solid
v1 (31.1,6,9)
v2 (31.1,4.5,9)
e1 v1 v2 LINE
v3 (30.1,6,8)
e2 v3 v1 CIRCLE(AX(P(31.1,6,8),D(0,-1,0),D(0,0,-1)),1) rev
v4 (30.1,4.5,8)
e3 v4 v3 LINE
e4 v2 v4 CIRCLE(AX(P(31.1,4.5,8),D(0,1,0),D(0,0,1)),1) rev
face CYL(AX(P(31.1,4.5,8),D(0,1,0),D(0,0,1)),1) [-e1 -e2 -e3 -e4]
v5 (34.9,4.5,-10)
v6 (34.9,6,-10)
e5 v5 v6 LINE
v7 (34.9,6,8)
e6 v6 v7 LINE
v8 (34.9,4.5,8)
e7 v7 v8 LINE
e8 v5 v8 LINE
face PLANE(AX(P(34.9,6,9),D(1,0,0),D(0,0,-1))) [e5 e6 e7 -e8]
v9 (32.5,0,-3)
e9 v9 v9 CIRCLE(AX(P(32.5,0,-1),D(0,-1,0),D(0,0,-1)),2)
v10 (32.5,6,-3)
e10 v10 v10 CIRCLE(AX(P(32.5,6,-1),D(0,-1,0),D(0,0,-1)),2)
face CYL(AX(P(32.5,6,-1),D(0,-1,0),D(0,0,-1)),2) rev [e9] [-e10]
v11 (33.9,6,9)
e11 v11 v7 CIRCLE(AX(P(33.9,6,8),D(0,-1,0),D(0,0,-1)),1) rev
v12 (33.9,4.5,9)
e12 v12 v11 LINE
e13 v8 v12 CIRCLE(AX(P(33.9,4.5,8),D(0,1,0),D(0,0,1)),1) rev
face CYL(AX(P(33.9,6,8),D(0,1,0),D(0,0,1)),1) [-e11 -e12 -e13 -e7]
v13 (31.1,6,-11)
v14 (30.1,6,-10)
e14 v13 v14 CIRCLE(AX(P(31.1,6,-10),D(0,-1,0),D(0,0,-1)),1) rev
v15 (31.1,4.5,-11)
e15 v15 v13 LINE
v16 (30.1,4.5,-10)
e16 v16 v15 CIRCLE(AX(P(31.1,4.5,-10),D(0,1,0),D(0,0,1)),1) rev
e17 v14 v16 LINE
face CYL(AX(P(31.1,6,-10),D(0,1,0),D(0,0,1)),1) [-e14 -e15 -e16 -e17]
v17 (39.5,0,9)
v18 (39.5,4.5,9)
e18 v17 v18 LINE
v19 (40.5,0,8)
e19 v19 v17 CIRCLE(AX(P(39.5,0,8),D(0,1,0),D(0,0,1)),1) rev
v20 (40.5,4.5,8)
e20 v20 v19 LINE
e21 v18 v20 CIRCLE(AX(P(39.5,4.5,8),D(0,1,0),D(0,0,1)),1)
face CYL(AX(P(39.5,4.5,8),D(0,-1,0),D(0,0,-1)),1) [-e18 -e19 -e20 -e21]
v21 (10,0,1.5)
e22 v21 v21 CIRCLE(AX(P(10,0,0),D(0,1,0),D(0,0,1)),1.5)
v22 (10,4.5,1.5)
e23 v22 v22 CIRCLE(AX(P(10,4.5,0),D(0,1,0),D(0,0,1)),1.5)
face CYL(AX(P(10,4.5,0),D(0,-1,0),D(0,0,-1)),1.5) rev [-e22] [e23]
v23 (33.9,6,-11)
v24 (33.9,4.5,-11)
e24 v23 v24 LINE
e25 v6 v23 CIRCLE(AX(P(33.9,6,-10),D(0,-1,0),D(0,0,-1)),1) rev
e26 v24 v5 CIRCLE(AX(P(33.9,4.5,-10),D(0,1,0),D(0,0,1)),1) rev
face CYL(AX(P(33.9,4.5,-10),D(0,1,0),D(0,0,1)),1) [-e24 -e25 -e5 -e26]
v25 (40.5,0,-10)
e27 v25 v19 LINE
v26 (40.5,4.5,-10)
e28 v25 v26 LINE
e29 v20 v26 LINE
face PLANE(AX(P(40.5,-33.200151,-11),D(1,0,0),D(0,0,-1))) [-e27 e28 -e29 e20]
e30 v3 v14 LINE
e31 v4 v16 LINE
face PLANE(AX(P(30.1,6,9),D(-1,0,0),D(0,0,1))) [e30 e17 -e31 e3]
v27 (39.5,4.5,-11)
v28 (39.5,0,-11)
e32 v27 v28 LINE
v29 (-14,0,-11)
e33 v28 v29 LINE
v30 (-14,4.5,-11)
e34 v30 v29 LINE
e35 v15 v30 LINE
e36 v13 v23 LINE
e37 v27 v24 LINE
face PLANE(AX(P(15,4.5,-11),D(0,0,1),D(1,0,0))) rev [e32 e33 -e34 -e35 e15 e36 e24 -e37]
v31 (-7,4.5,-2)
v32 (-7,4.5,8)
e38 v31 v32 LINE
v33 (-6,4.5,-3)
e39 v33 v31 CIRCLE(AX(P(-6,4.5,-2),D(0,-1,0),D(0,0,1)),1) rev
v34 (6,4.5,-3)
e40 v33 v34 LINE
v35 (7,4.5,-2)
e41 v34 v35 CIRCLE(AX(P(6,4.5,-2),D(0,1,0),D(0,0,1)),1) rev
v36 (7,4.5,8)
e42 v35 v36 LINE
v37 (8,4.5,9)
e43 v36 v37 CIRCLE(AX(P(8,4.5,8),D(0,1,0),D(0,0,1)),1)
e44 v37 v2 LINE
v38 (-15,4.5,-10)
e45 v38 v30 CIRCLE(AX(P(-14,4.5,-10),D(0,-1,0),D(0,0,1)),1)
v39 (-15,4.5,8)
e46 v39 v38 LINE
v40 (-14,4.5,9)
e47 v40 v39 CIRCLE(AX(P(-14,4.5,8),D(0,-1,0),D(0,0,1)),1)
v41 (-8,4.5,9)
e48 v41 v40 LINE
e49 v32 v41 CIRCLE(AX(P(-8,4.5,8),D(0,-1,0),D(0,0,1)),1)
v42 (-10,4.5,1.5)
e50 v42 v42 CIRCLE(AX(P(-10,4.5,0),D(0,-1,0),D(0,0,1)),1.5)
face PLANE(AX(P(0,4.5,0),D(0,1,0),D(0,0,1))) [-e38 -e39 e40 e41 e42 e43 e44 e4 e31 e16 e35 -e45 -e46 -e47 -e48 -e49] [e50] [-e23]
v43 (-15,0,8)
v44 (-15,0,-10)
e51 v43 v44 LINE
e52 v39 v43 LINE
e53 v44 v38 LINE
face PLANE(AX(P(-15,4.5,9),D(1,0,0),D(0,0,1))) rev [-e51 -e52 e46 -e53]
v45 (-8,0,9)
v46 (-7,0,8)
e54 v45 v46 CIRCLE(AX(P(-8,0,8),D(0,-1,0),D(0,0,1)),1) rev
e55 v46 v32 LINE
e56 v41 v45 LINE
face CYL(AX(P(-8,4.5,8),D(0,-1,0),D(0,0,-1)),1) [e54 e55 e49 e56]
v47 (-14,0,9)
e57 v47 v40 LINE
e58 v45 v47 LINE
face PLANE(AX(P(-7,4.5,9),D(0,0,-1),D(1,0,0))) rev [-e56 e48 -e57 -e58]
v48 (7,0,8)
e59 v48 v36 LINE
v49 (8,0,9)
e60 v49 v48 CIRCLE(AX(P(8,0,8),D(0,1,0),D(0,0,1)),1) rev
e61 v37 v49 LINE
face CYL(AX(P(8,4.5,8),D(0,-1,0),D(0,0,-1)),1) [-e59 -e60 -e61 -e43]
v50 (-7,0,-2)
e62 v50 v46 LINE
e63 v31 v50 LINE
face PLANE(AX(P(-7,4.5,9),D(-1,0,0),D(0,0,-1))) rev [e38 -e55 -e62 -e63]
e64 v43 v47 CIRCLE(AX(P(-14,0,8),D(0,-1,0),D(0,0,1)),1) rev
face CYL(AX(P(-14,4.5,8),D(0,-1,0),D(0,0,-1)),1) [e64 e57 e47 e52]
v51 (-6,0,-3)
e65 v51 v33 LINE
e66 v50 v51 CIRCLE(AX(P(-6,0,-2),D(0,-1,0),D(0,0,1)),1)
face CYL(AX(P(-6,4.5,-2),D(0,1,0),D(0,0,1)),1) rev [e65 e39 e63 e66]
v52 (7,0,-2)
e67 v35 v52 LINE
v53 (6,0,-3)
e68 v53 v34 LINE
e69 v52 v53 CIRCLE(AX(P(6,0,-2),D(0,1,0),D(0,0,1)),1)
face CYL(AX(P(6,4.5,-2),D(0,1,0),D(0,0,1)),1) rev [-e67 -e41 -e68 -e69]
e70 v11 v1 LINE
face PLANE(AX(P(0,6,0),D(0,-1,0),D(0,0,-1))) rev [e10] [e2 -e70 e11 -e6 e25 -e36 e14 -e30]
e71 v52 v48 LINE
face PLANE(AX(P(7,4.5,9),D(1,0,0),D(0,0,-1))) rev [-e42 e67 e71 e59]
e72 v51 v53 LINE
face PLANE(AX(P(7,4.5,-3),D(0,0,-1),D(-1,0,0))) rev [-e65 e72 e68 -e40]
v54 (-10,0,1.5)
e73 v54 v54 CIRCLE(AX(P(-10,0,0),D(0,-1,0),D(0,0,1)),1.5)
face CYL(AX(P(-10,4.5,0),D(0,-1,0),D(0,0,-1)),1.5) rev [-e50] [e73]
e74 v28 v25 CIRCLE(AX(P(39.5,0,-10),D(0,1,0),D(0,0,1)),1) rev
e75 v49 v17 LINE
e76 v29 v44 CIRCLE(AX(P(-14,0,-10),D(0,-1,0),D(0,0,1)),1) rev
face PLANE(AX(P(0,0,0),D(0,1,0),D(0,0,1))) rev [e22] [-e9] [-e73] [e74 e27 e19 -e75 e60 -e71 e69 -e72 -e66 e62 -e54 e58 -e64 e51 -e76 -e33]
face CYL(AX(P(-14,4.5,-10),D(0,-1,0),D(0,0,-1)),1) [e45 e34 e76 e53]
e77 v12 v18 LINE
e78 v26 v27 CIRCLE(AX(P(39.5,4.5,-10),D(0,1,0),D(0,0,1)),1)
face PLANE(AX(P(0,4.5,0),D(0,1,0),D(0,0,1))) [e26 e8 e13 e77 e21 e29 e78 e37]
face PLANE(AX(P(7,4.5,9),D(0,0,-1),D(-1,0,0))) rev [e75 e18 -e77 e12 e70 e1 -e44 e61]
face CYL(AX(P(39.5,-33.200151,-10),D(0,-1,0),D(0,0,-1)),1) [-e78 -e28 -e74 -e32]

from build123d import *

# Parameters (mm, degrees)
ESQUISSE1_R             = 1.5
BOSS_EXTRU_1_DEPTH      = 4.5
CONG_1_R                = 1
ESQUISSE2_W             = 26.5
ESQUISSE2_H             = 20
BOSS_EXTRU_2_DEPTH      = 4.5
ESQUISSE3_W             = 4.8
ESQUISSE3_H             = 20
ESQUISSE3_R             = 2
BOSS_EXTRU_3_DEPTH      = 1.5
ESQUISSE4_R             = 2
ENL_V_MAT_EXTRU_1_DEPTH = 43.207819181
CONG_2_R                = 1


with BuildPart() as part:
    # Esquisse1 → Boss.-Extru.1 (new body)
    with BuildSketch(Plane(origin=(0, 0, 0), x_dir=(1, 0, 0), z_dir=(0, 1, 0))):
        Polygon((7, -9), (15, -9), (15, 11), (0, 11), (0, 3), (7, 3), align=None)
        with Locations(Location((10, 0, 0), (0, 0, 270))):
            Circle(ESQUISSE1_R, mode=Mode.SUBTRACT)
    extrude(amount=BOSS_EXTRU_1_DEPTH)

    # Congé1
    cong_1_edges = [part.edges().sort_by_distance(p)[0] for p in [
        (7, 2.25, -3),
        (15, 2.25, -11),
        (15, 2.25, 9),
        (7, 2.25, 9),
    ]]
    fillet(cong_1_edges, radius=CONG_1_R)

    # Symétrie1: part across plane


with BuildPart() as part_1:
    add(part.part)
    add(part.part.mirror(Plane(origin=(0, 4.5, -11), x_dir=(0, 0, 1), z_dir=(1, 0, 0))))

    # Esquisse2 → Boss.-Extru.2 (add)
    with BuildSketch(Plane(origin=(0, 4.5, 0), x_dir=(1, 0, 0), z_dir=(0, 1, 0))):
        with Locations((27.25, 1)):
            Rectangle(ESQUISSE2_W, ESQUISSE2_H)
    extrude(amount=-BOSS_EXTRU_2_DEPTH)

    # Esquisse3 → Boss.-Extru.3 (add)
    with BuildSketch(Plane.XZ.offset(-4.5)):
        with Locations((32.5, -1)):
            Rectangle(ESQUISSE3_W, ESQUISSE3_H)
        with Locations(Location((32.5, -1, 0), (0, 0, 270))):
            Circle(ESQUISSE3_R, mode=Mode.SUBTRACT)
    extrude(amount=-BOSS_EXTRU_3_DEPTH)

    # Esquisse4 → Enlèv. mat.-Extru.1 (cut, through all)
    with BuildSketch(Plane.XZ.offset(-4.5)):
        with Locations(Location((32.5, -1, 0), (0, 0, 270))):
            Circle(ESQUISSE4_R)
    extrude(amount=ENL_V_MAT_EXTRU_1_DEPTH, mode=Mode.SUBTRACT)

    # Congé2
    cong_2_edges = [part_1.edges().sort_by_distance(p)[0] for p in [
        (30.1, 5.25, 9),
        (30.1, 5.25, -11),
        (34.9, 5.25, -11),
        (34.9, 5.25, 9),
        (40.5, 2.25, -11),
        (40.5, 2.25, 9),
    ]]
    fillet(cong_2_edges, radius=CONG_2_R)


solid = part_1.part
